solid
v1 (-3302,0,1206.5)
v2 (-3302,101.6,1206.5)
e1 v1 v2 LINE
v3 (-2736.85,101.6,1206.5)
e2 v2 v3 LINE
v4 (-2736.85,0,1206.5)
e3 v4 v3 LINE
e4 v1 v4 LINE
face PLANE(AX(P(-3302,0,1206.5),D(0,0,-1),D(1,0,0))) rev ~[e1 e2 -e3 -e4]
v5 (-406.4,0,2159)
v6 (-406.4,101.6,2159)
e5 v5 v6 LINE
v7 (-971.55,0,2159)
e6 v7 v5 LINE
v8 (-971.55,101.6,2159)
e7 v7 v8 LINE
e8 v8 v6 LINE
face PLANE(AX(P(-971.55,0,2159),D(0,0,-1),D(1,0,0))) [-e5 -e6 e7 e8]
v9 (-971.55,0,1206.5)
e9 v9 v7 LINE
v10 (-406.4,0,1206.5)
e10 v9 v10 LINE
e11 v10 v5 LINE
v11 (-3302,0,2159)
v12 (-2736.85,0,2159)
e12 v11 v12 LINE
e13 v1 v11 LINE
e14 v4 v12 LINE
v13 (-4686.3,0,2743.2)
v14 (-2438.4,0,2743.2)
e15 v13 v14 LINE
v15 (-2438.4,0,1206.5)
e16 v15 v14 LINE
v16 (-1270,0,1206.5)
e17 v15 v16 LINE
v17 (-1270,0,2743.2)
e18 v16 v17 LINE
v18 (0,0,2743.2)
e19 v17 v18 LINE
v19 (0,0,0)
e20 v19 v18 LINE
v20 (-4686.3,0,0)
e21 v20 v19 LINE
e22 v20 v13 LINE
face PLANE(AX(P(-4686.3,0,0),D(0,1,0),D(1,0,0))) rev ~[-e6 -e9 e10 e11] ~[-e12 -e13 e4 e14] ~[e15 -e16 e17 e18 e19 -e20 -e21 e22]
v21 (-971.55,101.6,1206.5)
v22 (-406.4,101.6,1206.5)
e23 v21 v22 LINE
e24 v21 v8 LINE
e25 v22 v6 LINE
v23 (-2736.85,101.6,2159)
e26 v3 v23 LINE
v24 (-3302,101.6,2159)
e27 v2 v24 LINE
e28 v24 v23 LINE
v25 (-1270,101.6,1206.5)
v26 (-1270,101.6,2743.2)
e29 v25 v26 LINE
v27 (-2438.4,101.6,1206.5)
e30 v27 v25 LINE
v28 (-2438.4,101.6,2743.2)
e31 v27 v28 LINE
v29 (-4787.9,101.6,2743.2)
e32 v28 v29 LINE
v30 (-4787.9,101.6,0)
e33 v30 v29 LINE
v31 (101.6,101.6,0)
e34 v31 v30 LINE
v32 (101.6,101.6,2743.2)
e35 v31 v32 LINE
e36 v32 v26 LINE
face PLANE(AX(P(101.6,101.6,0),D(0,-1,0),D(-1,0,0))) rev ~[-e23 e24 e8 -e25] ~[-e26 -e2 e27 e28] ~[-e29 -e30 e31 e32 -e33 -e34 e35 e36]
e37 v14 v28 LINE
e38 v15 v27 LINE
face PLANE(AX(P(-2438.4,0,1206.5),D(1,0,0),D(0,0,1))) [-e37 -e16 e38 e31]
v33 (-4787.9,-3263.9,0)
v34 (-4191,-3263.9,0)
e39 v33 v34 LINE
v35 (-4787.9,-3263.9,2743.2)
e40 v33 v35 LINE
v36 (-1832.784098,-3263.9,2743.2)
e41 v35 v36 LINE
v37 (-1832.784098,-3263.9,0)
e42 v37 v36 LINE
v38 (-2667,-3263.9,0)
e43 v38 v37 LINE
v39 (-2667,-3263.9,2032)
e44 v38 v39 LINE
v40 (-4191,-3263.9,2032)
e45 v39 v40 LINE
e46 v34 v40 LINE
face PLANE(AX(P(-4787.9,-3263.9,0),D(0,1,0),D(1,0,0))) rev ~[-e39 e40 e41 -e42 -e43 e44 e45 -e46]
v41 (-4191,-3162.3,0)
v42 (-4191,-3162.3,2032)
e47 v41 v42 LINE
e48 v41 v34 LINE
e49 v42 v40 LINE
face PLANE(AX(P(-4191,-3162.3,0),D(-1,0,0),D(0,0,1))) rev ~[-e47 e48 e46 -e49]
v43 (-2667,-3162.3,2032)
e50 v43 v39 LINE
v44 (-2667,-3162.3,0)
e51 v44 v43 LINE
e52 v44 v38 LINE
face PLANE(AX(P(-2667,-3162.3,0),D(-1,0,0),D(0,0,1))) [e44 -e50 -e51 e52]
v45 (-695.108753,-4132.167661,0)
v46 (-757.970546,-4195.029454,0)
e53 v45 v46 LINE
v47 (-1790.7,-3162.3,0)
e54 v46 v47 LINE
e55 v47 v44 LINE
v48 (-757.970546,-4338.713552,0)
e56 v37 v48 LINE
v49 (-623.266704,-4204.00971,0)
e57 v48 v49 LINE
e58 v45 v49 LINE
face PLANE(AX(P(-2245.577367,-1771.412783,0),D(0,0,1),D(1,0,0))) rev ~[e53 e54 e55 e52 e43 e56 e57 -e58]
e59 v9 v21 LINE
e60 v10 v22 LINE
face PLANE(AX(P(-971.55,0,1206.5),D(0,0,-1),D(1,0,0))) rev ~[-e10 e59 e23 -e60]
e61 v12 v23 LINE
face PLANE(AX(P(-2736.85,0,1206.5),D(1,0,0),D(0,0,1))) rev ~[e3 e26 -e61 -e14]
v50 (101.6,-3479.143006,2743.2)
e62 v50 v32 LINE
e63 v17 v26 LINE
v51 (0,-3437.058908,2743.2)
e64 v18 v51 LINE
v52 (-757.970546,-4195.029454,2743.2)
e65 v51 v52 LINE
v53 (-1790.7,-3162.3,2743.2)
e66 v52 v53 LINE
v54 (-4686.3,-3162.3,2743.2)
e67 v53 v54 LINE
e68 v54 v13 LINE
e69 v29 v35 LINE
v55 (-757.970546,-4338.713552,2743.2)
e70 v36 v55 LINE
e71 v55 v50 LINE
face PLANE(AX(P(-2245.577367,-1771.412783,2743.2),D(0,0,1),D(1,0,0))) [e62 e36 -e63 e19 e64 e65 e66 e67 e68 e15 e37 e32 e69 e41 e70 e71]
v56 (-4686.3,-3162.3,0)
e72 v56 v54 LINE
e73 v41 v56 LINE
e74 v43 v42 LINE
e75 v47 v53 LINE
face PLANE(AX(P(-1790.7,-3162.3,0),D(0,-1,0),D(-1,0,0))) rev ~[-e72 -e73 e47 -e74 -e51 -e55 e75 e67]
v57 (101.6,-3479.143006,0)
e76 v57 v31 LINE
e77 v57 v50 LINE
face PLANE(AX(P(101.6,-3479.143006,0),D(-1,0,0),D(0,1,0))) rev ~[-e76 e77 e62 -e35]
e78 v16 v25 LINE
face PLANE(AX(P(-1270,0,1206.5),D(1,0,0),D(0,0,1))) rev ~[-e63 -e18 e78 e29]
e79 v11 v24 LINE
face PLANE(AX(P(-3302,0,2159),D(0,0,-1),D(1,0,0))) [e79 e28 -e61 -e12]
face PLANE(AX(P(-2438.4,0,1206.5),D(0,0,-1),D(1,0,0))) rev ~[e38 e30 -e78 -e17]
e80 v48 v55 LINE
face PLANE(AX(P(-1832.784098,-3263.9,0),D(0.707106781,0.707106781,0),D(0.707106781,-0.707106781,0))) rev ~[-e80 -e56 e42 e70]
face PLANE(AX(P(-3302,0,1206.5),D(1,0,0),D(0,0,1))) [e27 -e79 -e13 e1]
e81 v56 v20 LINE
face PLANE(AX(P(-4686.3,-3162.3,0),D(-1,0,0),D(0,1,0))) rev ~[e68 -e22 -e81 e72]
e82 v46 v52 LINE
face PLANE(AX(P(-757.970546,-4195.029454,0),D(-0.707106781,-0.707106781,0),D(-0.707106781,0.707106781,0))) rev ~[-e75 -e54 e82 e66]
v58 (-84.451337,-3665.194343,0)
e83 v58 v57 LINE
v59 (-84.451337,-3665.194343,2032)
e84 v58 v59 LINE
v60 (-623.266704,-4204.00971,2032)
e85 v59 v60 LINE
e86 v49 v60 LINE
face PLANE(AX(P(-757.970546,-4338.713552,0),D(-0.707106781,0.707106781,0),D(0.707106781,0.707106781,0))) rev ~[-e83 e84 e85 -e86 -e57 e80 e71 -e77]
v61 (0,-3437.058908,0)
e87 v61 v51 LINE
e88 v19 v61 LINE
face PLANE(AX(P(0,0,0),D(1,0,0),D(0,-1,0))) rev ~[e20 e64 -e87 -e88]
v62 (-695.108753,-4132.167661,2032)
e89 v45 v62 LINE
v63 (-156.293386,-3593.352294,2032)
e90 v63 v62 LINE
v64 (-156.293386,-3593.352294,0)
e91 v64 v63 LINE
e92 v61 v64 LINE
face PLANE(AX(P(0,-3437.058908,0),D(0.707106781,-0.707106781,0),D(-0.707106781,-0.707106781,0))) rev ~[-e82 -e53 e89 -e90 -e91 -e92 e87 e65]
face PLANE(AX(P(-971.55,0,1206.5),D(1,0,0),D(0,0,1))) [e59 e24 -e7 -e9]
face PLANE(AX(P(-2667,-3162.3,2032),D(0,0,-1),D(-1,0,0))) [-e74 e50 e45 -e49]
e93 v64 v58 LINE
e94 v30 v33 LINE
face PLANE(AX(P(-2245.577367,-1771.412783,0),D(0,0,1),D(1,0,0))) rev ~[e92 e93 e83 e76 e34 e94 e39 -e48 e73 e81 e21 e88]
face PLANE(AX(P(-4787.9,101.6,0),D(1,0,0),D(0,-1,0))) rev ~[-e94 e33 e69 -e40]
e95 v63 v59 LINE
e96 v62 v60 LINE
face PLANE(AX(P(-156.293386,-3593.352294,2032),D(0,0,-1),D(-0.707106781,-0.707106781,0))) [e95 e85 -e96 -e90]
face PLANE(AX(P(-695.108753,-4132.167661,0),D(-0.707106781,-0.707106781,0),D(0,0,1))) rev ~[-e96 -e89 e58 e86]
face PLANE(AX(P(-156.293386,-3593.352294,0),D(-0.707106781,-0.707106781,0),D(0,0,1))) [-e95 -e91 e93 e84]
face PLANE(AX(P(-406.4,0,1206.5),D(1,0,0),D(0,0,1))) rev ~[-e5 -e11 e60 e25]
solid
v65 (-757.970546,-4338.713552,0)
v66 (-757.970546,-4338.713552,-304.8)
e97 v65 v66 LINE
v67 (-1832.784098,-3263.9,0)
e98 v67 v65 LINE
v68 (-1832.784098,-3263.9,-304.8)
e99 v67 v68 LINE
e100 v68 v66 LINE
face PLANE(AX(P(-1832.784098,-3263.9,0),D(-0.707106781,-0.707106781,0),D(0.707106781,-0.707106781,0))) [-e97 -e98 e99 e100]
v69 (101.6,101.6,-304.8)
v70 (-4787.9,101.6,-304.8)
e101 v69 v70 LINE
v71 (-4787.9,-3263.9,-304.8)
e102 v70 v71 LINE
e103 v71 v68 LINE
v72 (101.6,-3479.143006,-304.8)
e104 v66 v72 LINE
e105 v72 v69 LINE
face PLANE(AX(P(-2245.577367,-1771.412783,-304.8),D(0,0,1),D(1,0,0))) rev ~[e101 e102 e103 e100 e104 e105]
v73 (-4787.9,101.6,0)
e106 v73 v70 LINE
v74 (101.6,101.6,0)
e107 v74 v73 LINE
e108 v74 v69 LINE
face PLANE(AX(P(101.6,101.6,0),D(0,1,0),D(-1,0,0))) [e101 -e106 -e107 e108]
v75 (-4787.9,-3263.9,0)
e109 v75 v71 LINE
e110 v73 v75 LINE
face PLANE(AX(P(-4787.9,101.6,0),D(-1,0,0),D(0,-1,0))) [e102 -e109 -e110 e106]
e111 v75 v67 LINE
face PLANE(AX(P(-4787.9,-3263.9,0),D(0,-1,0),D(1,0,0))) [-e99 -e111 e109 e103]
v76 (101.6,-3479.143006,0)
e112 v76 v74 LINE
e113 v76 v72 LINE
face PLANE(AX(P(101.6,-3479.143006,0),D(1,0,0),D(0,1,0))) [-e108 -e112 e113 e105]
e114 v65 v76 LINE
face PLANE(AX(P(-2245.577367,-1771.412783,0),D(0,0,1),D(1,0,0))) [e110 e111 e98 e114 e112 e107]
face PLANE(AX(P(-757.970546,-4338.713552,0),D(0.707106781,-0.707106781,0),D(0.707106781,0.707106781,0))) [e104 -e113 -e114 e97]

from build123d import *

# Parameters (mm, degrees)
F1_DEPTH = 2743.2
F3_DEPTH = 304.8
F4_W     = 762
F4_H     = 2032
F5_DEPTH = 709.409162
F6_W     = 1524
F6_H     = 2032
F7_DEPTH = 1176.414552
F8_W     = 565.15
F8_H     = 952.5
F8_W_2   = 1168.4
F8_H_2   = 1536.7
F9_DEPTH = 101.601


with BuildPart() as f1:
    # F0 (on Top) → F1 (new body)
    with BuildSketch(Plane.XY):
        Polygon((101.6, 101.6), (-4787.9, 101.6), (-4787.9, -3263.9), (-1832.784098, -3263.9), (-757.970546, -4338.713552), (101.6, -3479.143006), align=None)
        Polygon((-4686.3, 0), (0, 0), (0, -3437.058908), (-757.970546, -4195.029454), (-1790.7, -3162.3), (-4686.3, -3162.3), align=None, mode=Mode.SUBTRACT)
    extrude(amount=F1_DEPTH)

    # F4 (on face) → F5 (cut, through all)
    with BuildSketch(Plane(origin=(1718.529454, -1718.529454, 0), x_dir=(-0.707107, -0.707107, 0), z_dir=(-0.707107, 0.707107, 0))):
        with Locations((3032.399887, 1016)):
            Rectangle(F4_W, F4_H)
    extrude(amount=-F5_DEPTH, mode=Mode.SUBTRACT)

    # F6 (on face) → F7 (cut, through all)
    with BuildSketch(Plane(origin=(0, -3162.3, 0), x_dir=(-1, 0, 0), z_dir=(0, 1, 0))):
        with Locations((3429, 1016)):
            Rectangle(F6_W, F6_H)
    extrude(amount=-F7_DEPTH, mode=Mode.SUBTRACT)

    # F8 (on face) → F9 (cut, through all)
    with BuildSketch(Plane.XZ):
        with Locations((-3019.425, 1682.75)):
            Rectangle(F8_W, F8_H)
        with Locations((-1854.2, 1974.85)):
            Rectangle(F8_W_2, F8_H_2)
        with Locations((-688.975, 1682.75)):
            Rectangle(F8_W, F8_H)
    extrude(amount=-F9_DEPTH, mode=Mode.SUBTRACT)


with BuildPart() as f3:
    # F2 (on Top) → F3 (new body)
    with BuildSketch(Plane.XY):
        Polygon((101.6, -3479.143006), (101.6, 101.6), (-4787.9, 101.6), (-4787.9, -3263.9), (-1832.784098, -3263.9), (-757.970546, -4338.713552), align=None)
    extrude(amount=-F3_DEPTH)


solid = Compound([f1.part, f3.part])
